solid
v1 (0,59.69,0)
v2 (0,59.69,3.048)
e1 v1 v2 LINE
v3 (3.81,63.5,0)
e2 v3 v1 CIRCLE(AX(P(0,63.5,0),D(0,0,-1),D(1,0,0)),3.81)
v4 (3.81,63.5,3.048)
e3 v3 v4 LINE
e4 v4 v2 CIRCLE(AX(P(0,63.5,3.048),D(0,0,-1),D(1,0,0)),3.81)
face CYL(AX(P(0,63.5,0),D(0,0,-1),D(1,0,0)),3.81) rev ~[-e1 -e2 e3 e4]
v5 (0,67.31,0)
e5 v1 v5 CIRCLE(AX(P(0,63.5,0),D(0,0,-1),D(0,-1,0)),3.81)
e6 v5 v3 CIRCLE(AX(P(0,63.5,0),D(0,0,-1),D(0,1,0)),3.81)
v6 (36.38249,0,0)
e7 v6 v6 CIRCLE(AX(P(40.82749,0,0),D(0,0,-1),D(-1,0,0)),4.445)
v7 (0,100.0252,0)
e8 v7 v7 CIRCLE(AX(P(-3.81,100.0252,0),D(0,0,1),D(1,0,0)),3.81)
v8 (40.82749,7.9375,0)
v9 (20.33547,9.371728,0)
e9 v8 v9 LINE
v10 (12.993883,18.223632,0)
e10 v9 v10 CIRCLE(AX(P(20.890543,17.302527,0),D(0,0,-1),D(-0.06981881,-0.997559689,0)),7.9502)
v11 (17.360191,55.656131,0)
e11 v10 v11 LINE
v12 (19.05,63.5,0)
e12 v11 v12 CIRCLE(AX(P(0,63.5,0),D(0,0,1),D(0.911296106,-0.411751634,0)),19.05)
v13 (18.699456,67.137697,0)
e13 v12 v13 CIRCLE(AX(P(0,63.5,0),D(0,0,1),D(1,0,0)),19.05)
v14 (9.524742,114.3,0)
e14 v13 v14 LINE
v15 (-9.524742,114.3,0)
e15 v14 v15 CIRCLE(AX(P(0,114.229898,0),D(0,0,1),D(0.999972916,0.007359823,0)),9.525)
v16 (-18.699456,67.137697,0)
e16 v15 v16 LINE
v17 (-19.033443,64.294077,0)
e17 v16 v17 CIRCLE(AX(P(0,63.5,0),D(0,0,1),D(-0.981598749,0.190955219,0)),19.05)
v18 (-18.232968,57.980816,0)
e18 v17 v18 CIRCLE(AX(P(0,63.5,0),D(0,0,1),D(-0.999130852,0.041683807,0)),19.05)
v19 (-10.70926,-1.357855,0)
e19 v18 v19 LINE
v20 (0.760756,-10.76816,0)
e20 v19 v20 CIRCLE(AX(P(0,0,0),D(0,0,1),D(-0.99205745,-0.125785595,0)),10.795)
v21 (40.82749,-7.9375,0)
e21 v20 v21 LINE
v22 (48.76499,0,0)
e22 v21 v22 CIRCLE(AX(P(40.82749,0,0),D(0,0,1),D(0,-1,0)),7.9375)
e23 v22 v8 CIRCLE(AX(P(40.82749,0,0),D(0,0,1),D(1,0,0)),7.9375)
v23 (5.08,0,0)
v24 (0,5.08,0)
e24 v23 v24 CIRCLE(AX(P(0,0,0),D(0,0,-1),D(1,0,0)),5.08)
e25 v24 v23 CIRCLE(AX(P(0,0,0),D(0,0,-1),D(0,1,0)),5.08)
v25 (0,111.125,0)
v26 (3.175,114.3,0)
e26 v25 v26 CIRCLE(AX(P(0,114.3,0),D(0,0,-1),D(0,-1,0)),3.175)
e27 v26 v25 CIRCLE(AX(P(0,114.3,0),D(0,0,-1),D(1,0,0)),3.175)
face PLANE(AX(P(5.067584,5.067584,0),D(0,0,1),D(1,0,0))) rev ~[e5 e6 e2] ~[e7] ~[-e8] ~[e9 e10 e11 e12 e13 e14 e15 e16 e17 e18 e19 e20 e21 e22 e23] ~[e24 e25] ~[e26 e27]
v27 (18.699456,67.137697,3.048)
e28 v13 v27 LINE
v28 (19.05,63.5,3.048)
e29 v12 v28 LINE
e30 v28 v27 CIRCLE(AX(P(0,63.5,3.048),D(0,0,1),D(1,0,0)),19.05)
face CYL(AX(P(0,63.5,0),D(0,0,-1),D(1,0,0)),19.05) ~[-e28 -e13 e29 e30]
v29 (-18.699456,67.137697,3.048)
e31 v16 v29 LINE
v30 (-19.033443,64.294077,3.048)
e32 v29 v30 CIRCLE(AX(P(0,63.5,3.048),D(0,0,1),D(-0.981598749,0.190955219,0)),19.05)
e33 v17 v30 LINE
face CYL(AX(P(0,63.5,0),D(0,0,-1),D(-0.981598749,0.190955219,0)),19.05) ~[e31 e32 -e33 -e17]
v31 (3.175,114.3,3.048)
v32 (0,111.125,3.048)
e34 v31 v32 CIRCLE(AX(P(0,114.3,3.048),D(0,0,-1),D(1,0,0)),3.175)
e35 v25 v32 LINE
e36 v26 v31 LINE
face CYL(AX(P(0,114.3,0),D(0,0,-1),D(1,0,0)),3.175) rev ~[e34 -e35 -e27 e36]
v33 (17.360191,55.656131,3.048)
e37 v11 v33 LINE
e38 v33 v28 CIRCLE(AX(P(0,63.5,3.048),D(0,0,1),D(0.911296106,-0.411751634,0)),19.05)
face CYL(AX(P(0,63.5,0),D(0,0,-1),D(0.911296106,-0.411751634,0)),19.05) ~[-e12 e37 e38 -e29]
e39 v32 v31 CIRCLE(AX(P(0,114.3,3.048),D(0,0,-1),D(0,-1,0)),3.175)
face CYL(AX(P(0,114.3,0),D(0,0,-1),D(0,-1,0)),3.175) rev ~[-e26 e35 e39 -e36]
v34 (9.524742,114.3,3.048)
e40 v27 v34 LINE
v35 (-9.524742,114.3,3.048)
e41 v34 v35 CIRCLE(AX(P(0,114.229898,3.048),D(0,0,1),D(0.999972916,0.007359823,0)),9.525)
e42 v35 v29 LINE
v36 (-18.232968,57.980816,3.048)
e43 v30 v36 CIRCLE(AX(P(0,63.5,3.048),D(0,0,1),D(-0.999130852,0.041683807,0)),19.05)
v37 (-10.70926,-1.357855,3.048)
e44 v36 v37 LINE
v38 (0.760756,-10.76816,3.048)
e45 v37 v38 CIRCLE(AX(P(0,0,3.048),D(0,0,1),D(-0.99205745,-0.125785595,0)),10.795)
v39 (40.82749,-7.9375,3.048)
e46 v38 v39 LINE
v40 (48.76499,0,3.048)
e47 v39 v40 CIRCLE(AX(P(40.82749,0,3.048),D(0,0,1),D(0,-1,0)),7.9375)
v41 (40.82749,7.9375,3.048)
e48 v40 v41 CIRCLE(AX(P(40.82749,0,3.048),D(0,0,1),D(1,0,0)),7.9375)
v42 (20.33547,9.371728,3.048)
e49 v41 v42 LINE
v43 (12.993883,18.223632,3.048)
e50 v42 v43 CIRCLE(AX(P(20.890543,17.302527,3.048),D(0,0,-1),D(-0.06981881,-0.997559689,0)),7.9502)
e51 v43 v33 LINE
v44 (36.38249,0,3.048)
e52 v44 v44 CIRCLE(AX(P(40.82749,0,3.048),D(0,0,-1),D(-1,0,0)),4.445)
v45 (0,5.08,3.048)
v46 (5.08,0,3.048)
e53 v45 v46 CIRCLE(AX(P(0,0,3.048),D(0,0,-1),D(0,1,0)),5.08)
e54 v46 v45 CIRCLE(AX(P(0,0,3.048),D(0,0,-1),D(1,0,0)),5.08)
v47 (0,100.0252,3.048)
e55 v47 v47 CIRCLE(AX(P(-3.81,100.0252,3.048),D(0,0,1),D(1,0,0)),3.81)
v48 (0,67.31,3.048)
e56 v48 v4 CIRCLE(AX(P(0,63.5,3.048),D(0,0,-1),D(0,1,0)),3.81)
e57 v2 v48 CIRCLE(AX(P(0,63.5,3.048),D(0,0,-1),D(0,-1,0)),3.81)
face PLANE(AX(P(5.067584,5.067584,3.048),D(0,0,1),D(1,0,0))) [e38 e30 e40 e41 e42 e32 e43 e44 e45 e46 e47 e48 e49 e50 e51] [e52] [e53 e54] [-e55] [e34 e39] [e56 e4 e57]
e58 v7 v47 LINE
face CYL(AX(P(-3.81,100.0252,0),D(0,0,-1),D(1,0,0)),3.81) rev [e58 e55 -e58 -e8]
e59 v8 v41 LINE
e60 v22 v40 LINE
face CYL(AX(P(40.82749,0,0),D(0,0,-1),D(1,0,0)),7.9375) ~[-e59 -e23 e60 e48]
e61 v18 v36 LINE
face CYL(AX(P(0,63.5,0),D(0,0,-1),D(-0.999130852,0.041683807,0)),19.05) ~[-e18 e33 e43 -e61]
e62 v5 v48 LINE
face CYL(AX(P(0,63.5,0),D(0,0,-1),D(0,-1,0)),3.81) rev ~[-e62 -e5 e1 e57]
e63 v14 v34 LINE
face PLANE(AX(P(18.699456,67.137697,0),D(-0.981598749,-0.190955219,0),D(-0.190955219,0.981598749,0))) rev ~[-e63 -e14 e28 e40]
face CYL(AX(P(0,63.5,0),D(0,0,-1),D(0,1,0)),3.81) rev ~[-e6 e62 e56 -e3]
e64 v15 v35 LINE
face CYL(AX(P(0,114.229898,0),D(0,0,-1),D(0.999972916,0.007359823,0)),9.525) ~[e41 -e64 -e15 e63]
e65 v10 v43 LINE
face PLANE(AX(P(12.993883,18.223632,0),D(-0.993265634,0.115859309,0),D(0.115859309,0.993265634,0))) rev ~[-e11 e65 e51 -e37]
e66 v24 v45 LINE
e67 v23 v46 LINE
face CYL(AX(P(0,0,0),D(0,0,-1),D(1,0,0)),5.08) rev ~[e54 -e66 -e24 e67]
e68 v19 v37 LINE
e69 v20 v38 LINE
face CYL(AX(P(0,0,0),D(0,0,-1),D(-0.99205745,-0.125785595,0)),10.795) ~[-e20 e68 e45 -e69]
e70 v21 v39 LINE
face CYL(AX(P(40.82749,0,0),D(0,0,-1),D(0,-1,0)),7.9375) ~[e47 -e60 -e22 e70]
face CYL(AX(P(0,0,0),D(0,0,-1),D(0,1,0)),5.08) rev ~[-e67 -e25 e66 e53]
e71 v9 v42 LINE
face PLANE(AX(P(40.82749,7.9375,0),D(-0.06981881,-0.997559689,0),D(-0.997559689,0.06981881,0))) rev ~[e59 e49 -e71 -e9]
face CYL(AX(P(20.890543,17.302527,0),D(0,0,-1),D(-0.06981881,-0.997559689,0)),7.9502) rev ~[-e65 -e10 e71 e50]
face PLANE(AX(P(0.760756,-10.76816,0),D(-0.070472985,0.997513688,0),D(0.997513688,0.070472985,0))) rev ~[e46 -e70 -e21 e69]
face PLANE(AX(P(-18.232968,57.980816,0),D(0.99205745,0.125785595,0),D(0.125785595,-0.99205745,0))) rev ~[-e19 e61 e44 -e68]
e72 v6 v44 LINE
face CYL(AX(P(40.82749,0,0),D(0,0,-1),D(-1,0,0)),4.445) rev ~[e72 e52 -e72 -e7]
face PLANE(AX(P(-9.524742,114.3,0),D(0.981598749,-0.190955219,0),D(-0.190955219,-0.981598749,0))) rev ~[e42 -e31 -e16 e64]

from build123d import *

# Parameters (mm, degrees)
F0_R     = 3.81
F1_DEPTH = 3.048
F2_DEPTH = 3.048


with BuildPart() as f1:
    # F0 (on Top) → F1 (new body)
    with BuildSketch(Plane.XY):
        with BuildLine():
            ThreePointArc((5.08, 0), (-3.5921024484, -3.5921024484), (0, 5.08))
            Line((0, 5.08), (0, 10.795))
            ThreePointArc((0, 10.795), (-8.0990763391, 7.1370153042), (-10.7092601728, -1.3578554974))
            ThreePointArc((-10.7092601728, -1.3578554974), (-6.8470170962, -8.3456804327), (0.760755928, -10.7681602615))
            ThreePointArc((0.760755928, -10.7681602615), (7.8976067654, -7.3593364088), (10.795, 0))
            Line((10.795, 0), (5.08, 0))
        make_face()
        with BuildLine():
            ThreePointArc((-10.7092601728, -1.3578554974), (-8.0990763391, 7.1370153042), (0, 10.795))
            Line((0, 10.795), (0, 44.45))
            ThreePointArc((0, 44.45), (-11.3525779785, 48.2022396005), (-18.2329677514, 57.9808164576))
            Line((-18.2329677514, 57.9808164576), (-10.7092601728, -1.3578554974))
        make_face()
        with BuildLine():
            Line((0, 44.45), (0, 10.795))
            ThreePointArc((0, 10.795), (7.6332177029, 7.6332177029), (10.795, 0))
            Line((10.795, 0), (32.8899903893, 0))
            ThreePointArc((32.8899903893, 0), (35.2148303137, 5.6126600757), (40.8274903893, 7.9375))
            Line((40.8274903893, 7.9375), (20.335469936, 9.3717284546))
            ThreePointArc((20.335469936, 9.3717284546), (14.7711479184, 12.2272266722), (12.9938829963, 18.2236321774))
            Line((12.9938829963, 18.2236321774), (17.3601908133, 55.65613138))
            ThreePointArc((17.3601908133, 55.65613138), (10.3314278488, 47.4948727401), (0, 44.45))
        make_face()
        with BuildLine():
            Line((32.8899903893, 0), (10.795, 0))
            ThreePointArc((10.795, 0), (7.8976067654, -7.3593364088), (0.760755928, -10.7681602615))
            Line((0.760755928, -10.7681602615), (40.8274903893, -7.9375))
            ThreePointArc((40.8274903893, -7.9375), (35.2148303137, -5.6126600757), (32.8899903893, 0))
        make_face()
        with BuildLine():
            ThreePointArc((-18.2329677514, 57.9808164576), (-11.3525779785, 48.2022396005), (0, 44.45))
            Line((0, 44.45), (0, 59.69))
            ThreePointArc((0, 59.69), (-3.81, 63.5), (0, 67.31))
            Line((0, 67.31), (0, 82.55))
            ThreePointArc((0, 82.55), (-12.1161952262, 78.2003507863), (-18.6994561701, 67.1376969281))
            ThreePointArc((-18.6994561701, 67.1376969281), (-18.9199487116, 65.7221702793), (-19.0334427381, 64.2940765289))
            Line((-19.0334427381, 64.2940765289), (-18.2329677514, 57.9808164576))
        make_face()
        with BuildLine():
            Line((0, 59.69), (0, 44.45))
            ThreePointArc((0, 44.45), (10.3314278488, 47.4948727401), (17.3601908133, 55.65613138))
            Line((17.3601908133, 55.65613138), (18.6994561701, 67.1376969281))
            ThreePointArc((18.6994561701, 67.1376969281), (12.1161952262, 78.2003507863), (0, 82.55))
            Line((0, 82.55), (0, 67.31))
            ThreePointArc((0, 67.31), (2.6940768363, 66.1940768363), (3.81, 63.5))
            ThreePointArc((3.81, 63.5), (2.6940768363, 60.8059231637), (0, 59.69))
        make_face()
        with BuildLine():
            ThreePointArc((40.8274903893, 7.9375), (35.2148303137, 5.6126600757), (32.8899903893, 0))
            ThreePointArc((32.8899903893, 0), (35.2148303137, -5.6126600757), (40.8274903893, -7.9375))
            ThreePointArc((40.8274903893, -7.9375), (46.440150465, -5.6126600757), (48.7649903893, 0))
            ThreePointArc((48.7649903893, 0), (46.440150465, 5.6126600757), (40.8274903893, 7.9375))
        make_face()
        with BuildLine():
            ThreePointArc((45.2724903893, 0), (40.8274903893, -4.445), (36.3824903893, 0))
            ThreePointArc((36.3824903893, 0), (40.8274903893, 4.445), (45.2724903893, 0))
        make_face(mode=Mode.SUBTRACT)
        with BuildLine():
            ThreePointArc((-19.0334427381, 64.2940765289), (-18.8986944225, 61.1037844163), (-18.2329677514, 57.9808164576))
            Line((-18.2329677514, 57.9808164576), (-19.0334427381, 64.2940765289))
        make_face()
        with BuildLine():
            Line((18.6994561701, 67.1376969281), (17.3601908133, 55.65613138))
            ThreePointArc((17.3601908133, 55.65613138), (18.6227567104, 59.488088672), (19.05, 63.5))
            ThreePointArc((19.05, 63.5), (18.9621615334, 65.3272739202), (18.6994561701, 67.1376969281))
        make_face()
        with BuildLine():
            ThreePointArc((0, 82.55), (12.1161952262, 78.2003507863), (18.6994561701, 67.1376969281))
            Line((18.6994561701, 67.1376969281), (9.5247420262, 114.3))
            ThreePointArc((9.5247420262, 114.3), (9.5249355063, 114.2649490813), (9.525, 114.2298976878))
            ThreePointArc((9.525, 114.2298976878), (6.7351920908, 107.494705597), (0, 104.7048976878))
            Line((0, 104.7048976878), (0, 100.0252))
            Line((0, 100.0252), (0, 82.55))
        make_face()
        with BuildLine():
            ThreePointArc((-18.6994561701, 67.1376969281), (-12.1161952262, 78.2003507863), (0, 82.55))
            Line((0, 82.55), (0, 100.0252))
            Line((0, 100.0252), (0, 104.7048976878))
            ThreePointArc((0, 104.7048976878), (-6.7599315649, 107.5195362789), (-9.5247420262, 114.3))
            Line((-9.5247420262, 114.3), (-18.6994561701, 67.1376969281))
        make_face()
        with Locations((-3.81, 100.0252)):
            Circle(F0_R, mode=Mode.SUBTRACT)
        with BuildLine():
            ThreePointArc((9.525, 114.2298976878), (9.5249355063, 114.2649490813), (9.5247420262, 114.3))
            ThreePointArc((9.5247420262, 114.3), (0, 123.7548976878), (-9.5247420262, 114.3))
            ThreePointArc((-9.5247420262, 114.3), (-6.7599315649, 107.5195362789), (0, 104.7048976878))
            ThreePointArc((0, 104.7048976878), (6.7351920908, 107.494705597), (9.525, 114.2298976878))
        make_face()
        with BuildLine():
            ThreePointArc((3.175, 114.3), (2.2450640303, 112.0549359697), (0, 111.125))
            ThreePointArc((0, 111.125), (-2.2450640303, 116.5450640303), (3.175, 114.3))
        make_face(mode=Mode.SUBTRACT)
    extrude(amount=F1_DEPTH)

    # F0 (on Top) → F2 (join)
    with BuildSketch(Plane.XY):
        with BuildLine():
            Line((0, 10.795), (0, 5.08))
            ThreePointArc((0, 5.08), (3.5921024484, 3.5921024484), (5.08, 0))
            Line((5.08, 0), (10.795, 0))
            ThreePointArc((10.795, 0), (7.6332177029, 7.6332177029), (0, 10.795))
        make_face()
    extrude(amount=F2_DEPTH)


solid = f1.part
